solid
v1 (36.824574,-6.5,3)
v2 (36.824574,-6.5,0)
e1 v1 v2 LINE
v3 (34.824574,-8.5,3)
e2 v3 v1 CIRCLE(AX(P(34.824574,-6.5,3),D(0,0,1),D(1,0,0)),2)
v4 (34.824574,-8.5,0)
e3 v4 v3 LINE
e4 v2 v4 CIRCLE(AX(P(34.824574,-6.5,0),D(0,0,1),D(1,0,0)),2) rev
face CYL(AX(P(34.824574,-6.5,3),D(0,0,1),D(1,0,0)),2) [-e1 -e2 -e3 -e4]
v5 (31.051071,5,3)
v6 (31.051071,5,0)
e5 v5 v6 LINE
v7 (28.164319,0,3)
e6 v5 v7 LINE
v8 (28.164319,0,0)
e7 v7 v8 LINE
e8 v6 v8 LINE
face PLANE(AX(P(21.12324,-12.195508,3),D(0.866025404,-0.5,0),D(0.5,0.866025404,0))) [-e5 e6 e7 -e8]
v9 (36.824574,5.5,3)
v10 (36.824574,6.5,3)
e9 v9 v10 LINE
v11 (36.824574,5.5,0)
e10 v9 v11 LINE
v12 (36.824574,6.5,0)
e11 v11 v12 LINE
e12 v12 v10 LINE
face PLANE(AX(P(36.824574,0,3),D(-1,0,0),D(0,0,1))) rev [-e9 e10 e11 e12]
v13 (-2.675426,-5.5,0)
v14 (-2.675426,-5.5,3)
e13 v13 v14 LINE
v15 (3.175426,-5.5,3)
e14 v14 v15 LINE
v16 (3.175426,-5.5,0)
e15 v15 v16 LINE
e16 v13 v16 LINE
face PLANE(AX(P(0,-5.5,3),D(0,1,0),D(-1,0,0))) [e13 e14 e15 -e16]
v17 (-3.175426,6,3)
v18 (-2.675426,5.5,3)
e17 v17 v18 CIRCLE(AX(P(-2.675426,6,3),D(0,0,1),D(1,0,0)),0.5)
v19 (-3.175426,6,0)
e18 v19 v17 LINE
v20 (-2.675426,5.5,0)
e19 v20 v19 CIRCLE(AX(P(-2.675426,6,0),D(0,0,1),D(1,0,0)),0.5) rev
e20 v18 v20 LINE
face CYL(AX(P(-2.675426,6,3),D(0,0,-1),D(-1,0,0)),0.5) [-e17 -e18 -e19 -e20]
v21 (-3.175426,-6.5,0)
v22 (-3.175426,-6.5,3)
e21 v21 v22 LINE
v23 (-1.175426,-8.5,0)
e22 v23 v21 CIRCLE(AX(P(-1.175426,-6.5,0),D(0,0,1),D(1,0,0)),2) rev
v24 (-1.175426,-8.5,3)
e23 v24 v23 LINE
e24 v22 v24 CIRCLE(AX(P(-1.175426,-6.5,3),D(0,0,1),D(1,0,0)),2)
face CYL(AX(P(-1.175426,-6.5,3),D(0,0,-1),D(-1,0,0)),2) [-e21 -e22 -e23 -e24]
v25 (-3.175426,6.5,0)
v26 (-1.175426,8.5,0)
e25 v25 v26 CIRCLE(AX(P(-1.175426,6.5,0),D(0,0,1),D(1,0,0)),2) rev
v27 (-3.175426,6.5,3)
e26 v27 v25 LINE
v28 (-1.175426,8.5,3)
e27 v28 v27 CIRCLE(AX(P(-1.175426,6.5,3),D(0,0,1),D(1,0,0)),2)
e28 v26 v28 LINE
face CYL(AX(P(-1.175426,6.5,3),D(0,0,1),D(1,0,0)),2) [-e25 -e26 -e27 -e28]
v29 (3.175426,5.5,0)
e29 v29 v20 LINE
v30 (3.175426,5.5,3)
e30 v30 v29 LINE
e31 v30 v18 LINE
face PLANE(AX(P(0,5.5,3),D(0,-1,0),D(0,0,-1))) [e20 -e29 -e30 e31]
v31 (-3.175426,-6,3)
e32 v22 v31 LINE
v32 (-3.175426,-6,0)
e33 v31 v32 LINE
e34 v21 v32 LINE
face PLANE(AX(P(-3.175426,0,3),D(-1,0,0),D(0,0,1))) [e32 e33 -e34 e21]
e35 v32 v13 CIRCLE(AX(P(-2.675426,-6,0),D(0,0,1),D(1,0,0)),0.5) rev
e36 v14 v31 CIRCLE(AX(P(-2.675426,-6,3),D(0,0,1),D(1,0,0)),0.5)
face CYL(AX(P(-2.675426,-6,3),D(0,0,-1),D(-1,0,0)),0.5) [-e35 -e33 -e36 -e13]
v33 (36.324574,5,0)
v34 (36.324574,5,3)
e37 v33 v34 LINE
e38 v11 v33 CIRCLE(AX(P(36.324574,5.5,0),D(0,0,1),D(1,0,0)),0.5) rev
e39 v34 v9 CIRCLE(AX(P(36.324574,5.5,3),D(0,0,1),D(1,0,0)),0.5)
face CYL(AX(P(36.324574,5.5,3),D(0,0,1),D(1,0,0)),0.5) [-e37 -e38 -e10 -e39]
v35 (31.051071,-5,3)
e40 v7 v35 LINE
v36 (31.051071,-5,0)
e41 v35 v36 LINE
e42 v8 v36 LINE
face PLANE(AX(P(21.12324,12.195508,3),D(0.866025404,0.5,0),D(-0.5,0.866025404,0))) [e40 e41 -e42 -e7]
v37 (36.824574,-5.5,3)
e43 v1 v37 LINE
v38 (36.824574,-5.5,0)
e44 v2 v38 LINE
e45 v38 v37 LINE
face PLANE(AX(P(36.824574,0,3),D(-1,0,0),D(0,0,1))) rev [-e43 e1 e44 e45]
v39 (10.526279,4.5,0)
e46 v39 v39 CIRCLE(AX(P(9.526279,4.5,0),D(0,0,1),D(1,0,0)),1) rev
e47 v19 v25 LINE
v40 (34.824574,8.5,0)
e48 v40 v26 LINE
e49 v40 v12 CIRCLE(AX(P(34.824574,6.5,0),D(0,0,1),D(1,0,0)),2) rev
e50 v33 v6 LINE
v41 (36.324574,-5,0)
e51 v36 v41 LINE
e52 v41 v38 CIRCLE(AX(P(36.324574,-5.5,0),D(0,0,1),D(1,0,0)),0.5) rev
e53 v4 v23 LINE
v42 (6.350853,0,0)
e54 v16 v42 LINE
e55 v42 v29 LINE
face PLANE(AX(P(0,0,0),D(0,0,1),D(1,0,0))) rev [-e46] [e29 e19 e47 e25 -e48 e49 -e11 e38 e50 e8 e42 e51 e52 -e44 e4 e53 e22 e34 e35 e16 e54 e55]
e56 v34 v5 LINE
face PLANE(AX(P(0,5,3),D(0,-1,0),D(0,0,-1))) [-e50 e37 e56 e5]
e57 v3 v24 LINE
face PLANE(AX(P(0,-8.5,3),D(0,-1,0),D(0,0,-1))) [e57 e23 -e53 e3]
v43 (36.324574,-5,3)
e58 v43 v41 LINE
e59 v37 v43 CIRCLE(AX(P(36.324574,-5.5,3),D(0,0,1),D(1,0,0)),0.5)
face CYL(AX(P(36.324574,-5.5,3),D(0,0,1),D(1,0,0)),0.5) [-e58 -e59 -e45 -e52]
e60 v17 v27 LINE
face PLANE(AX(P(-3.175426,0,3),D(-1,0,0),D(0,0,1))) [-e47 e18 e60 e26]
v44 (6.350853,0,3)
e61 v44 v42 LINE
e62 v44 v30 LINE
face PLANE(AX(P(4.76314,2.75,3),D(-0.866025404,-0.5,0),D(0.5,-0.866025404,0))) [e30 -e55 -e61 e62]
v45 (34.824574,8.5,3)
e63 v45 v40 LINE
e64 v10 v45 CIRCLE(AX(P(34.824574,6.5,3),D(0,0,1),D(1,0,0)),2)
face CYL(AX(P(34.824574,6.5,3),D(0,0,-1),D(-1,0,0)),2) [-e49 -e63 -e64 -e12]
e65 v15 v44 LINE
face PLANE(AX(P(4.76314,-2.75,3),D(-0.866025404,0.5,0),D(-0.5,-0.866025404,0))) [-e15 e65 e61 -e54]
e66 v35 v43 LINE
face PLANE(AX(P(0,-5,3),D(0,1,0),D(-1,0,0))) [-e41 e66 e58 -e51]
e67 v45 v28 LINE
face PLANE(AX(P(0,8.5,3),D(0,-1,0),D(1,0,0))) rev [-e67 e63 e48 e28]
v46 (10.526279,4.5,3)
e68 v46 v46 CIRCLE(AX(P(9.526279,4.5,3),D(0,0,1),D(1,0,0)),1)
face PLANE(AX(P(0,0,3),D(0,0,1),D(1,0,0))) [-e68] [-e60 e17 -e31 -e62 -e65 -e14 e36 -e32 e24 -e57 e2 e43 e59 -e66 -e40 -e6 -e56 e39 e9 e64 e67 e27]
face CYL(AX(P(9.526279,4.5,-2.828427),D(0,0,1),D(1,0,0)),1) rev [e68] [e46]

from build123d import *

# Parameters (mm, degrees)
BOSS_EXTRUDE1_DEPTH = 3
FILLET1_R           = 0.5
FILLET2_R           = 2
SKETCH2_R           = 1
CUT_EXTRUDE1_DEPTH  = 3


with BuildPart() as part:
    # Sketch1 → Boss-Extrude1 (new body)
    with BuildSketch(Plane.XY):
        Polygon((-3.175426481, 5.5), (3.175426481, 5.5), (6.350852961, 0), (3.175426481, -5.5), (-3.175426481, -5.5), (-3.175426481, -8.5), (36.824573519, -8.5), (36.824573519, -5), (31.051070828, -5), (28.164319482, 0), (31.051070828, 5), (36.824573519, 5), (36.824573519, 8.5), (-3.175426481, 8.5), align=None)
    extrude(amount=BOSS_EXTRUDE1_DEPTH)

    # Fillet1
    fillet1_edges = [part.edges().sort_by_distance(p)[0] for p in [
        (36.824573519, -5, 1.5),
        (-3.175426481, -5.5, 1.5),
        (-3.175426481, 5.5, 1.5),
        (36.824573519, 5, 1.5),
    ]]
    fillet(fillet1_edges, radius=FILLET1_R)

    # Fillet2
    fillet2_edges = [part.edges().sort_by_distance(p)[0] for p in [
        (36.824573519, -8.5, 1.5),
        (-3.175426481, -8.5, 1.5),
        (-3.175426481, 8.5, 1.5),
        (36.824573519, 8.5, 1.5),
    ]]
    fillet(fillet2_edges, radius=FILLET2_R)

    # Sketch2 → Cut-Extrude1 (cut)
    with BuildSketch(Plane.XY.offset(3)):
        with Locations((9.526279442, 4.5)):
            Circle(SKETCH2_R)
    extrude(amount=-CUT_EXTRUDE1_DEPTH, mode=Mode.SUBTRACT)


solid = part.part
